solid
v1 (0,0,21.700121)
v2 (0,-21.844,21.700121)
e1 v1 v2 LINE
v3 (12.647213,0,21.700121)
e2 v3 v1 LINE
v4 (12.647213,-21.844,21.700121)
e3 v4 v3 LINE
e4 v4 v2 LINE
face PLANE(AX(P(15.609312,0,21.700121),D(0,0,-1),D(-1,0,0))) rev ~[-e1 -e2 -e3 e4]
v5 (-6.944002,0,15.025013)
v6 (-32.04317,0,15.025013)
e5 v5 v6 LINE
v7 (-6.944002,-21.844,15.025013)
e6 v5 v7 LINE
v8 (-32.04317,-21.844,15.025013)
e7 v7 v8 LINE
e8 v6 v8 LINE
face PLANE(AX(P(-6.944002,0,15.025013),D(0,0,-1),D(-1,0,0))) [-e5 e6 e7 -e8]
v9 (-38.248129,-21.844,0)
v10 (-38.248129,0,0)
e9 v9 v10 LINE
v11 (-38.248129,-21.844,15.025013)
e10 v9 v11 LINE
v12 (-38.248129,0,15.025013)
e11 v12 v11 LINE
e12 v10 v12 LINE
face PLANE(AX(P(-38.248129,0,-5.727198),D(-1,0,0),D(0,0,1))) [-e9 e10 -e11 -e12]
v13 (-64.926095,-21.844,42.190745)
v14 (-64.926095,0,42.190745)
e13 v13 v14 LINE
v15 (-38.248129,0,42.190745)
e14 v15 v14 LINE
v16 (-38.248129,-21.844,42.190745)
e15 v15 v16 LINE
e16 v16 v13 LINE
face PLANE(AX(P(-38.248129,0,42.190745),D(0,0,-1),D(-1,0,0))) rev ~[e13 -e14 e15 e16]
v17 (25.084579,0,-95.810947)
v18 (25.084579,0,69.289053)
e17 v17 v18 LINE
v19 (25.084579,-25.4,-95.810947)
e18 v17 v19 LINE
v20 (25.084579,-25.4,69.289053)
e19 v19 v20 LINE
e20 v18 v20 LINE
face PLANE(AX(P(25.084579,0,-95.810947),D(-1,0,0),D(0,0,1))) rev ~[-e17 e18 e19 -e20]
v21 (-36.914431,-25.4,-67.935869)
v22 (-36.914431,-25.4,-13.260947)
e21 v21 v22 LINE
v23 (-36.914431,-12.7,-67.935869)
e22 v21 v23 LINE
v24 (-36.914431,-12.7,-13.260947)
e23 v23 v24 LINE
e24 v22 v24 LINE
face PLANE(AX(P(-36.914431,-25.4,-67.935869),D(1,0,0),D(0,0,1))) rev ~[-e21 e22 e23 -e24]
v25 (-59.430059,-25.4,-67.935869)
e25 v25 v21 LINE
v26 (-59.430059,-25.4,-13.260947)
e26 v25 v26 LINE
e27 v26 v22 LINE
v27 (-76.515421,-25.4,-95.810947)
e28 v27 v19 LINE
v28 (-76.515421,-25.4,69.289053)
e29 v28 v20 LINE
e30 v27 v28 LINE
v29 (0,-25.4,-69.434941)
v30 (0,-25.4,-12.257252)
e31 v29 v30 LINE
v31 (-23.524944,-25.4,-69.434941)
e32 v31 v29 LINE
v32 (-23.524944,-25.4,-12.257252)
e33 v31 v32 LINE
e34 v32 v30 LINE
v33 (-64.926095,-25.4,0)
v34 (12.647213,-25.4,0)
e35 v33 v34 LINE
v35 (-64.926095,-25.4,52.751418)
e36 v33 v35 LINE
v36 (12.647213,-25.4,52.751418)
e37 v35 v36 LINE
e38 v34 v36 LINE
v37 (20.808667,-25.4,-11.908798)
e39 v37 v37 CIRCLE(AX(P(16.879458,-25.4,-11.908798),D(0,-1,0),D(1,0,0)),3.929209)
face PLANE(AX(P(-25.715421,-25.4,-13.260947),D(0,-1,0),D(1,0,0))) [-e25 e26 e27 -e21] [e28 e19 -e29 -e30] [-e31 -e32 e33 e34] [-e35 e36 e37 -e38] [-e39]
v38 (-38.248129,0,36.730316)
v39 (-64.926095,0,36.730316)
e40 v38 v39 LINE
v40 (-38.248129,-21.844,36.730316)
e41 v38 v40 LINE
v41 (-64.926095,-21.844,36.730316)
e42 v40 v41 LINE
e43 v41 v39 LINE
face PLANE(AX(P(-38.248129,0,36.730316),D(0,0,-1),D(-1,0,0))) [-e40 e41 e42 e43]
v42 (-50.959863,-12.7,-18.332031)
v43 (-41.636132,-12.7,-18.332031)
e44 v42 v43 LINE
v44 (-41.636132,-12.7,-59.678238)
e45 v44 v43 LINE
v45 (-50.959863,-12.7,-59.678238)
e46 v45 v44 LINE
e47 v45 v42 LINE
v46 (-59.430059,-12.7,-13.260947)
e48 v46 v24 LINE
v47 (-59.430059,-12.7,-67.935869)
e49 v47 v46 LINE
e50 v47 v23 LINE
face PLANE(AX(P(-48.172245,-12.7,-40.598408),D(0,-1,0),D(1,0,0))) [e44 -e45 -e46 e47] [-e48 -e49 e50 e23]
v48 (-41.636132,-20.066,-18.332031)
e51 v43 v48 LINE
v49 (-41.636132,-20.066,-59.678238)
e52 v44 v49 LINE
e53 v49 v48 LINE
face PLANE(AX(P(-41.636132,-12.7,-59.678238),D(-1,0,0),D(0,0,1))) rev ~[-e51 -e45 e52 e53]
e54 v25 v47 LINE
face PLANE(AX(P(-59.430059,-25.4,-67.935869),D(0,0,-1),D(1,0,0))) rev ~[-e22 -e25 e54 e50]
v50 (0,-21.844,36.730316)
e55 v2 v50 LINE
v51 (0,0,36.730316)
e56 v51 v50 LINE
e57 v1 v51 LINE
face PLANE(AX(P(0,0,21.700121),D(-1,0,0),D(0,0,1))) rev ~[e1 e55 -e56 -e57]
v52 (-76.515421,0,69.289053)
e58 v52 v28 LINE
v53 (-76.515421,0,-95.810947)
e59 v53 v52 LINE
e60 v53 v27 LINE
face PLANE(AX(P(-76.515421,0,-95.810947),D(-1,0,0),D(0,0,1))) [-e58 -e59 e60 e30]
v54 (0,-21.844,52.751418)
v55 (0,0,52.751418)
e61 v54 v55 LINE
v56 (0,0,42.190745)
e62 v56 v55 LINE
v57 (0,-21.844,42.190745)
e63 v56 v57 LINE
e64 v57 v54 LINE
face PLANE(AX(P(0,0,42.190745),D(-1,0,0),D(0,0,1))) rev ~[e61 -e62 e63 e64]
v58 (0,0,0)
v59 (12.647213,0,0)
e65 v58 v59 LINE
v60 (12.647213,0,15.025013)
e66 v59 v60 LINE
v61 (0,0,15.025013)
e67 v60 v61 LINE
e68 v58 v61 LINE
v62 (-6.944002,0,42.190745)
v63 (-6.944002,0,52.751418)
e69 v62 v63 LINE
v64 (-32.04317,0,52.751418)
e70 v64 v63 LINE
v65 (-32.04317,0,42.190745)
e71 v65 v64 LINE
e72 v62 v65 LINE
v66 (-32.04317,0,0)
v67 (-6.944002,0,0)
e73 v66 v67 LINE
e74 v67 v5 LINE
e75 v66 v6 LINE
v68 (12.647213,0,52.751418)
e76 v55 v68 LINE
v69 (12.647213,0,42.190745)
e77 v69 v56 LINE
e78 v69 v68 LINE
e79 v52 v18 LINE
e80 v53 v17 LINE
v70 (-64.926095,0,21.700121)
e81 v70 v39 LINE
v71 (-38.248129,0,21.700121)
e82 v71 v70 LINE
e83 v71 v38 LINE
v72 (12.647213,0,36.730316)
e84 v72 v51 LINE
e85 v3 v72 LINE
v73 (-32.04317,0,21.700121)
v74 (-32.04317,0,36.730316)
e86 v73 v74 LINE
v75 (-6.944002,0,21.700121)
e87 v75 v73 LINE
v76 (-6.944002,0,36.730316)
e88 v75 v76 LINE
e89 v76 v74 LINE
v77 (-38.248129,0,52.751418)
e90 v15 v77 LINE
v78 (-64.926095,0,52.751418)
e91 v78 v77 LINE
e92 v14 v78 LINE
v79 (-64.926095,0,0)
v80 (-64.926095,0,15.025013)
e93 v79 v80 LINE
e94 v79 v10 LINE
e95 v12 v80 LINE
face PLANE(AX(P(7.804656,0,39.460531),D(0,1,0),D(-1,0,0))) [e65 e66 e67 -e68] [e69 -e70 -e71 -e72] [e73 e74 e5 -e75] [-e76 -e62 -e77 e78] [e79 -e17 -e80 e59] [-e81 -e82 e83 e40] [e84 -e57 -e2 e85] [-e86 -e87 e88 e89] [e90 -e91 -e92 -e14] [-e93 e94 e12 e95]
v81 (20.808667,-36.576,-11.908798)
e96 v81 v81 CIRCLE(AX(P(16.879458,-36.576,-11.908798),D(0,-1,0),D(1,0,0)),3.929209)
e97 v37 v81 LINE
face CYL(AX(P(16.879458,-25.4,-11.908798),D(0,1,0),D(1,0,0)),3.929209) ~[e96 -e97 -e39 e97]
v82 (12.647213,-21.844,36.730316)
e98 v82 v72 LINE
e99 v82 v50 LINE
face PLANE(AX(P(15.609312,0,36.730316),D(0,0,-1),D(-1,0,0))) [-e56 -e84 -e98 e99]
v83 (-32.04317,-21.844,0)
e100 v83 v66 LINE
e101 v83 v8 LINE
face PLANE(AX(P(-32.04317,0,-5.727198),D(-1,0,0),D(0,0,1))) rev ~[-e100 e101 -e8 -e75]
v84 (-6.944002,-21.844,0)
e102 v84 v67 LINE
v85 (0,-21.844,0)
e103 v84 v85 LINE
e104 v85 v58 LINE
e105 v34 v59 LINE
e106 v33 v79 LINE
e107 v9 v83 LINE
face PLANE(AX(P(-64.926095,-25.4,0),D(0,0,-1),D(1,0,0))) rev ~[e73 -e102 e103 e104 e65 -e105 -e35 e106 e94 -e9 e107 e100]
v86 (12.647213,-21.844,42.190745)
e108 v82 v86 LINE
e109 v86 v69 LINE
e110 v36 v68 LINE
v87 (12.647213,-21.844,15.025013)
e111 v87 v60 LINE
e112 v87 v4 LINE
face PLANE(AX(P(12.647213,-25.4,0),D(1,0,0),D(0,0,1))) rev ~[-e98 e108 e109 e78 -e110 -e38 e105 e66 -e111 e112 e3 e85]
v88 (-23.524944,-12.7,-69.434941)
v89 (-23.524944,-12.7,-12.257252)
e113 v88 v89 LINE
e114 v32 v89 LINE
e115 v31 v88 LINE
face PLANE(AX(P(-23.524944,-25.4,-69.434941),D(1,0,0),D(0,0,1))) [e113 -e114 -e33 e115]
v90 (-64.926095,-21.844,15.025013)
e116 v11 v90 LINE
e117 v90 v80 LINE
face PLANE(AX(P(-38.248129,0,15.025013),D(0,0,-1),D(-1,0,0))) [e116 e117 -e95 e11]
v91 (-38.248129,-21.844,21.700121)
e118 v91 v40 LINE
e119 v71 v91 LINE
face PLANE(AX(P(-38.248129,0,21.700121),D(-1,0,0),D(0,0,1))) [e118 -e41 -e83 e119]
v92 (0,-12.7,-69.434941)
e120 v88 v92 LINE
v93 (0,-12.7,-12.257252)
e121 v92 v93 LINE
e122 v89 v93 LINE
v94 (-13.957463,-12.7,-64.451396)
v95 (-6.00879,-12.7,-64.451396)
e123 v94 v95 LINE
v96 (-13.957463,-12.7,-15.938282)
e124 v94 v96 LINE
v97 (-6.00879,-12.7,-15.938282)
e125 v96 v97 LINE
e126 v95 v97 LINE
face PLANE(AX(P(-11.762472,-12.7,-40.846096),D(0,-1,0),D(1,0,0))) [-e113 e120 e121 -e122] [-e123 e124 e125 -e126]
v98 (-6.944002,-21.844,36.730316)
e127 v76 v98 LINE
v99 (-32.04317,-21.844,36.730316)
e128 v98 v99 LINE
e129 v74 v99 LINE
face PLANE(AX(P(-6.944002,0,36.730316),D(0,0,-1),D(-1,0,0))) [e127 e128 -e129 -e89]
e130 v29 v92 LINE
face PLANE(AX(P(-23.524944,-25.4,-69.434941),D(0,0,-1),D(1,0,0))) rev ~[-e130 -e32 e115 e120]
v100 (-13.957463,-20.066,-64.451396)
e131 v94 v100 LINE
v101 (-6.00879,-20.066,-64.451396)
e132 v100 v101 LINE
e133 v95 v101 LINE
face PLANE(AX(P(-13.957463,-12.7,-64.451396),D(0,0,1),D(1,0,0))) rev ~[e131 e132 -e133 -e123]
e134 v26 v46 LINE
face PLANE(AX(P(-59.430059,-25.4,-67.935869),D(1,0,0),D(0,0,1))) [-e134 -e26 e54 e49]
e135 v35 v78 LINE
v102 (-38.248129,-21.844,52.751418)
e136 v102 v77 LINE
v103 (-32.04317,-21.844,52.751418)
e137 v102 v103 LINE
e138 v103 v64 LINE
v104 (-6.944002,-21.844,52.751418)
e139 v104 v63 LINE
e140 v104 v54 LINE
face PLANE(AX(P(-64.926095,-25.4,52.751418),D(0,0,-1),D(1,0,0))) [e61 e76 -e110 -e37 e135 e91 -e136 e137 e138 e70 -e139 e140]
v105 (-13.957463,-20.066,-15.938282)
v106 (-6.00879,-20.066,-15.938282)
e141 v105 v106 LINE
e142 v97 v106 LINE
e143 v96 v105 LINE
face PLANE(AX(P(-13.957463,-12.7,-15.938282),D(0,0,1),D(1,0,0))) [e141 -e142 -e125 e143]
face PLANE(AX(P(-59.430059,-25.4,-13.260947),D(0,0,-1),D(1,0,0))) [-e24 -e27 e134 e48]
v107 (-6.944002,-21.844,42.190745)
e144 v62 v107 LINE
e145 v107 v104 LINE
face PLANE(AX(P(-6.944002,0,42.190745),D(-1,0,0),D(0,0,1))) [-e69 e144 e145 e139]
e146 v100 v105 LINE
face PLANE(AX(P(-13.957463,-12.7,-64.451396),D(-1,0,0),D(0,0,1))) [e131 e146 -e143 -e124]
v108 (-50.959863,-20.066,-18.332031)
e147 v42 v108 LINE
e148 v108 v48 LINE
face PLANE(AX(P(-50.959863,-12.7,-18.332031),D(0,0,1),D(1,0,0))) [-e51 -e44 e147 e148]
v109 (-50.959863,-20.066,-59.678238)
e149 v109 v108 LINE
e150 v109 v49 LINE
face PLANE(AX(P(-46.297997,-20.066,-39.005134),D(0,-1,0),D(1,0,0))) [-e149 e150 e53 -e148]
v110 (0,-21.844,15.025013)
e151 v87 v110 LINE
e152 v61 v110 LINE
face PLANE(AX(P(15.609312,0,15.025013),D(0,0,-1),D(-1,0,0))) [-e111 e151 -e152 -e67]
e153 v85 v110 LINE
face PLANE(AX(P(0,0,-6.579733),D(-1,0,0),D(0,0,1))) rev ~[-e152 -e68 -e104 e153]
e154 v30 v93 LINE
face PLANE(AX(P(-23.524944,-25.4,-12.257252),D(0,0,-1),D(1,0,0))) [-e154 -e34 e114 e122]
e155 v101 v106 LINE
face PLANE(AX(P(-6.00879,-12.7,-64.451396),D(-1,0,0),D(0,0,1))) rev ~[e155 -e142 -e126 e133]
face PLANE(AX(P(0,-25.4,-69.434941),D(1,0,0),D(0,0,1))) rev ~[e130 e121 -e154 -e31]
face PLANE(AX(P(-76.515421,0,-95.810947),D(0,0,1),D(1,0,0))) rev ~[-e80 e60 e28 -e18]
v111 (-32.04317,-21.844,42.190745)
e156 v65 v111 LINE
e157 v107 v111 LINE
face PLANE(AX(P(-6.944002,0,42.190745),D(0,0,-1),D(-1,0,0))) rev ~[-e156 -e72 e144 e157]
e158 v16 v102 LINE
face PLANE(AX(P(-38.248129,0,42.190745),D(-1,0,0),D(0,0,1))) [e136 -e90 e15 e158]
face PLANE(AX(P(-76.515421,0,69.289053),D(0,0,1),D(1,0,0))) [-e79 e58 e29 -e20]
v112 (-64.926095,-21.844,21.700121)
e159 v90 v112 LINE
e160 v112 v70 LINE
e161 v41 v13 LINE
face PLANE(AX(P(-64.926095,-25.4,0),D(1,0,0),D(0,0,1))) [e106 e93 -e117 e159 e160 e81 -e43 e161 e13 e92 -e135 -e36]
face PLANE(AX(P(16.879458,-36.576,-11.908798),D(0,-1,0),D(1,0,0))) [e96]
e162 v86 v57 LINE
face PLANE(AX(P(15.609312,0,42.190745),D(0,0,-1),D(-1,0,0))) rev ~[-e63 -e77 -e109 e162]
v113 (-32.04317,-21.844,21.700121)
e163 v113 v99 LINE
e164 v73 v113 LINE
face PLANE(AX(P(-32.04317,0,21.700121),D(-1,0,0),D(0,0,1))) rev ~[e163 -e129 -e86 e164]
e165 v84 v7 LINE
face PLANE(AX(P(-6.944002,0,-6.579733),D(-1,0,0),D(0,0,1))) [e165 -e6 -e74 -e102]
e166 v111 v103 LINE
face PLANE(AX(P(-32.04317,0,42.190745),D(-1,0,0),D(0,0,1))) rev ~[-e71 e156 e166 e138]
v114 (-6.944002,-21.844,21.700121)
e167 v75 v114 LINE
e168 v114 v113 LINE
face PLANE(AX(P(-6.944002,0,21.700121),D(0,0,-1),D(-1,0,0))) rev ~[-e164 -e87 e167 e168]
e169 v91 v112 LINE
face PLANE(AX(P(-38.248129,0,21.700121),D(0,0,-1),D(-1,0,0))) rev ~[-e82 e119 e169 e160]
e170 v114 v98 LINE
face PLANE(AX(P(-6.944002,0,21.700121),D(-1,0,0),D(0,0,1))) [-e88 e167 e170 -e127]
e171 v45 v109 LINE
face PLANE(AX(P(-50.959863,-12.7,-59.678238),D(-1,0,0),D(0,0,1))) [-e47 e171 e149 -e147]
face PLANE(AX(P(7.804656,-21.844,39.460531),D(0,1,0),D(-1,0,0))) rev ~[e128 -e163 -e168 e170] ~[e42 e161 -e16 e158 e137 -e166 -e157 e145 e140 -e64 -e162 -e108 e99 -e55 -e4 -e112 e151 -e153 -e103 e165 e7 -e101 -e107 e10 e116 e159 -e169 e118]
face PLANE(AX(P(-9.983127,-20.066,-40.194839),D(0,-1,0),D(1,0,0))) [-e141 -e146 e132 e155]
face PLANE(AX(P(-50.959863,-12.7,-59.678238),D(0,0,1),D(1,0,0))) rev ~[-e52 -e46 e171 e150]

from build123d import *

# Parameters (mm, degrees)
F0_W      = 101.6
F0_H      = 165.1
F1_DEPTH  = 25.4
F2_W      = 77.5733087212
F2_H      = 52.7514182031
F3_DEPTH  = 61.976
F4_W      = 15.6093118712
F4_H      = 5.4604299366
F4_W_2    = 6.9440016523
F4_H_2    = 14.854170382
F4_W_3    = 25.0991685316
F4_H_3    = 15.0301940739
F4_W_4    = 6.2049590051
F4_H_4    = 14.403630048
F4_H_5    = 6.6751083359
F4_W_5    = 30.088968575
F4_H_6    = 21.6047465801
F4_H_7    = 20.752211567
F5_DEPTH  = 21.844
F6_W      = 22.5156284869
F6_H      = 54.6749219446
F6_W_2    = 23.5249437392
F6_H_2    = 57.1776889265
F7_DEPTH  = 12.7
F8_W      = 9.3237310648
F8_H      = 41.3462072611
F8_W_2    = 7.9486728646
F8_H_2    = 48.5131144524
F9_DEPTH  = 7.366
F10_R     = 3.9292089133
F11_DEPTH = 11.176


with BuildPart() as f1:
    # F0 (on Front) → F1 (new body)
    with BuildSketch(Plane.XZ):
        with Locations((-25.7154209539, -13.2609471531)):
            Rectangle(F0_W, F0_H)
    extrude(amount=F1_DEPTH)

    # F2 (on face) → F3 (cut)
    with BuildSketch(Plane.XZ.offset(25.4)):
        with Locations((-26.1394409463, 26.3757091016)):
            Rectangle(F2_W, F2_H)
    extrude(amount=-F3_DEPTH, mode=Mode.SUBTRACT)

    # F4 (on face) → F5 (join)
    with BuildSketch(Plane(origin=(0, 0, 0), x_dir=(-1, 0, 0), z_dir=(0, 1, 0))):
        with Locations((-7.8046559356, 39.4605305046)):
            Rectangle(F4_W, F4_H)
        with Locations((3.4720008262, 49.6178306639)):
            Rectangle(F4_W_2, F4_H_2)
        with Locations((3.4720008262, 39.4605305046)):
            Rectangle(F4_W_2, F4_H)
        with Locations((19.4935859181, 39.4605305046)):
            Rectangle(F4_W_3, F4_H)
        with Locations((3.4720008262, 29.2152184993)):
            Rectangle(F4_W_2, F4_H_3)
        with Locations((35.1456496865, 49.3925604969)):
            Rectangle(F4_W_4, F4_H_4)
        with Locations((35.1456496865, 39.4605305046)):
            Rectangle(F4_W_4, F4_H)
        with Locations((-7.8046559356, 18.3625672944)):
            Rectangle(F4_W, F4_H_5)
        with Locations((3.4720008262, 18.3625672944)):
            Rectangle(F4_W_2, F4_H_5)
        with Locations((53.2926134765, 39.4605305046)):
            Rectangle(F4_W_5, F4_H)
        with Locations((35.1456496865, 29.2152184993)):
            Rectangle(F4_W_4, F4_H_3)
        with Locations((19.4935859181, 18.3625672944)):
            Rectangle(F4_W_3, F4_H_5)
        with Locations((3.4720008262, 4.2226398364)):
            Rectangle(F4_W_2, F4_H_6)
        with Locations((35.1456496865, 18.3625672944)):
            Rectangle(F4_W_4, F4_H_5)
        with Locations((53.2926134765, 18.3625672944)):
            Rectangle(F4_W_5, F4_H_5)
        with Locations((35.1456496865, 4.6489073429)):
            Rectangle(F4_W_4, F4_H_7)
    extrude(amount=-F5_DEPTH)

    # F6 (on face) → F7 (cut)
    with BuildSketch(Plane.XZ.offset(25.4)):
        with Locations((-48.1722448021, -40.5984081254)):
            Rectangle(F6_W, F6_H)
        with Locations((-11.7624718696, -40.8460963517)):
            Rectangle(F6_W_2, F6_H_2)
    extrude(amount=-F7_DEPTH, mode=Mode.SUBTRACT)

    # F8 (on face) → F9 (join)
    with BuildSketch(Plane.XZ.offset(12.7)):
        with Locations((-46.2979972363, -39.0051342547)):
            Rectangle(F8_W, F8_H)
        with Locations((-9.9831267726, -40.1948392391)):
            Rectangle(F8_W_2, F8_H_2)
    extrude(amount=F9_DEPTH)

    # F10 (on face) → F11 (join)
    with BuildSketch(Plane.XZ.offset(25.4)):
        with Locations((16.8794579804, -11.9087984785)):
            Circle(F10_R)
    extrude(amount=F11_DEPTH)


solid = f1.part
